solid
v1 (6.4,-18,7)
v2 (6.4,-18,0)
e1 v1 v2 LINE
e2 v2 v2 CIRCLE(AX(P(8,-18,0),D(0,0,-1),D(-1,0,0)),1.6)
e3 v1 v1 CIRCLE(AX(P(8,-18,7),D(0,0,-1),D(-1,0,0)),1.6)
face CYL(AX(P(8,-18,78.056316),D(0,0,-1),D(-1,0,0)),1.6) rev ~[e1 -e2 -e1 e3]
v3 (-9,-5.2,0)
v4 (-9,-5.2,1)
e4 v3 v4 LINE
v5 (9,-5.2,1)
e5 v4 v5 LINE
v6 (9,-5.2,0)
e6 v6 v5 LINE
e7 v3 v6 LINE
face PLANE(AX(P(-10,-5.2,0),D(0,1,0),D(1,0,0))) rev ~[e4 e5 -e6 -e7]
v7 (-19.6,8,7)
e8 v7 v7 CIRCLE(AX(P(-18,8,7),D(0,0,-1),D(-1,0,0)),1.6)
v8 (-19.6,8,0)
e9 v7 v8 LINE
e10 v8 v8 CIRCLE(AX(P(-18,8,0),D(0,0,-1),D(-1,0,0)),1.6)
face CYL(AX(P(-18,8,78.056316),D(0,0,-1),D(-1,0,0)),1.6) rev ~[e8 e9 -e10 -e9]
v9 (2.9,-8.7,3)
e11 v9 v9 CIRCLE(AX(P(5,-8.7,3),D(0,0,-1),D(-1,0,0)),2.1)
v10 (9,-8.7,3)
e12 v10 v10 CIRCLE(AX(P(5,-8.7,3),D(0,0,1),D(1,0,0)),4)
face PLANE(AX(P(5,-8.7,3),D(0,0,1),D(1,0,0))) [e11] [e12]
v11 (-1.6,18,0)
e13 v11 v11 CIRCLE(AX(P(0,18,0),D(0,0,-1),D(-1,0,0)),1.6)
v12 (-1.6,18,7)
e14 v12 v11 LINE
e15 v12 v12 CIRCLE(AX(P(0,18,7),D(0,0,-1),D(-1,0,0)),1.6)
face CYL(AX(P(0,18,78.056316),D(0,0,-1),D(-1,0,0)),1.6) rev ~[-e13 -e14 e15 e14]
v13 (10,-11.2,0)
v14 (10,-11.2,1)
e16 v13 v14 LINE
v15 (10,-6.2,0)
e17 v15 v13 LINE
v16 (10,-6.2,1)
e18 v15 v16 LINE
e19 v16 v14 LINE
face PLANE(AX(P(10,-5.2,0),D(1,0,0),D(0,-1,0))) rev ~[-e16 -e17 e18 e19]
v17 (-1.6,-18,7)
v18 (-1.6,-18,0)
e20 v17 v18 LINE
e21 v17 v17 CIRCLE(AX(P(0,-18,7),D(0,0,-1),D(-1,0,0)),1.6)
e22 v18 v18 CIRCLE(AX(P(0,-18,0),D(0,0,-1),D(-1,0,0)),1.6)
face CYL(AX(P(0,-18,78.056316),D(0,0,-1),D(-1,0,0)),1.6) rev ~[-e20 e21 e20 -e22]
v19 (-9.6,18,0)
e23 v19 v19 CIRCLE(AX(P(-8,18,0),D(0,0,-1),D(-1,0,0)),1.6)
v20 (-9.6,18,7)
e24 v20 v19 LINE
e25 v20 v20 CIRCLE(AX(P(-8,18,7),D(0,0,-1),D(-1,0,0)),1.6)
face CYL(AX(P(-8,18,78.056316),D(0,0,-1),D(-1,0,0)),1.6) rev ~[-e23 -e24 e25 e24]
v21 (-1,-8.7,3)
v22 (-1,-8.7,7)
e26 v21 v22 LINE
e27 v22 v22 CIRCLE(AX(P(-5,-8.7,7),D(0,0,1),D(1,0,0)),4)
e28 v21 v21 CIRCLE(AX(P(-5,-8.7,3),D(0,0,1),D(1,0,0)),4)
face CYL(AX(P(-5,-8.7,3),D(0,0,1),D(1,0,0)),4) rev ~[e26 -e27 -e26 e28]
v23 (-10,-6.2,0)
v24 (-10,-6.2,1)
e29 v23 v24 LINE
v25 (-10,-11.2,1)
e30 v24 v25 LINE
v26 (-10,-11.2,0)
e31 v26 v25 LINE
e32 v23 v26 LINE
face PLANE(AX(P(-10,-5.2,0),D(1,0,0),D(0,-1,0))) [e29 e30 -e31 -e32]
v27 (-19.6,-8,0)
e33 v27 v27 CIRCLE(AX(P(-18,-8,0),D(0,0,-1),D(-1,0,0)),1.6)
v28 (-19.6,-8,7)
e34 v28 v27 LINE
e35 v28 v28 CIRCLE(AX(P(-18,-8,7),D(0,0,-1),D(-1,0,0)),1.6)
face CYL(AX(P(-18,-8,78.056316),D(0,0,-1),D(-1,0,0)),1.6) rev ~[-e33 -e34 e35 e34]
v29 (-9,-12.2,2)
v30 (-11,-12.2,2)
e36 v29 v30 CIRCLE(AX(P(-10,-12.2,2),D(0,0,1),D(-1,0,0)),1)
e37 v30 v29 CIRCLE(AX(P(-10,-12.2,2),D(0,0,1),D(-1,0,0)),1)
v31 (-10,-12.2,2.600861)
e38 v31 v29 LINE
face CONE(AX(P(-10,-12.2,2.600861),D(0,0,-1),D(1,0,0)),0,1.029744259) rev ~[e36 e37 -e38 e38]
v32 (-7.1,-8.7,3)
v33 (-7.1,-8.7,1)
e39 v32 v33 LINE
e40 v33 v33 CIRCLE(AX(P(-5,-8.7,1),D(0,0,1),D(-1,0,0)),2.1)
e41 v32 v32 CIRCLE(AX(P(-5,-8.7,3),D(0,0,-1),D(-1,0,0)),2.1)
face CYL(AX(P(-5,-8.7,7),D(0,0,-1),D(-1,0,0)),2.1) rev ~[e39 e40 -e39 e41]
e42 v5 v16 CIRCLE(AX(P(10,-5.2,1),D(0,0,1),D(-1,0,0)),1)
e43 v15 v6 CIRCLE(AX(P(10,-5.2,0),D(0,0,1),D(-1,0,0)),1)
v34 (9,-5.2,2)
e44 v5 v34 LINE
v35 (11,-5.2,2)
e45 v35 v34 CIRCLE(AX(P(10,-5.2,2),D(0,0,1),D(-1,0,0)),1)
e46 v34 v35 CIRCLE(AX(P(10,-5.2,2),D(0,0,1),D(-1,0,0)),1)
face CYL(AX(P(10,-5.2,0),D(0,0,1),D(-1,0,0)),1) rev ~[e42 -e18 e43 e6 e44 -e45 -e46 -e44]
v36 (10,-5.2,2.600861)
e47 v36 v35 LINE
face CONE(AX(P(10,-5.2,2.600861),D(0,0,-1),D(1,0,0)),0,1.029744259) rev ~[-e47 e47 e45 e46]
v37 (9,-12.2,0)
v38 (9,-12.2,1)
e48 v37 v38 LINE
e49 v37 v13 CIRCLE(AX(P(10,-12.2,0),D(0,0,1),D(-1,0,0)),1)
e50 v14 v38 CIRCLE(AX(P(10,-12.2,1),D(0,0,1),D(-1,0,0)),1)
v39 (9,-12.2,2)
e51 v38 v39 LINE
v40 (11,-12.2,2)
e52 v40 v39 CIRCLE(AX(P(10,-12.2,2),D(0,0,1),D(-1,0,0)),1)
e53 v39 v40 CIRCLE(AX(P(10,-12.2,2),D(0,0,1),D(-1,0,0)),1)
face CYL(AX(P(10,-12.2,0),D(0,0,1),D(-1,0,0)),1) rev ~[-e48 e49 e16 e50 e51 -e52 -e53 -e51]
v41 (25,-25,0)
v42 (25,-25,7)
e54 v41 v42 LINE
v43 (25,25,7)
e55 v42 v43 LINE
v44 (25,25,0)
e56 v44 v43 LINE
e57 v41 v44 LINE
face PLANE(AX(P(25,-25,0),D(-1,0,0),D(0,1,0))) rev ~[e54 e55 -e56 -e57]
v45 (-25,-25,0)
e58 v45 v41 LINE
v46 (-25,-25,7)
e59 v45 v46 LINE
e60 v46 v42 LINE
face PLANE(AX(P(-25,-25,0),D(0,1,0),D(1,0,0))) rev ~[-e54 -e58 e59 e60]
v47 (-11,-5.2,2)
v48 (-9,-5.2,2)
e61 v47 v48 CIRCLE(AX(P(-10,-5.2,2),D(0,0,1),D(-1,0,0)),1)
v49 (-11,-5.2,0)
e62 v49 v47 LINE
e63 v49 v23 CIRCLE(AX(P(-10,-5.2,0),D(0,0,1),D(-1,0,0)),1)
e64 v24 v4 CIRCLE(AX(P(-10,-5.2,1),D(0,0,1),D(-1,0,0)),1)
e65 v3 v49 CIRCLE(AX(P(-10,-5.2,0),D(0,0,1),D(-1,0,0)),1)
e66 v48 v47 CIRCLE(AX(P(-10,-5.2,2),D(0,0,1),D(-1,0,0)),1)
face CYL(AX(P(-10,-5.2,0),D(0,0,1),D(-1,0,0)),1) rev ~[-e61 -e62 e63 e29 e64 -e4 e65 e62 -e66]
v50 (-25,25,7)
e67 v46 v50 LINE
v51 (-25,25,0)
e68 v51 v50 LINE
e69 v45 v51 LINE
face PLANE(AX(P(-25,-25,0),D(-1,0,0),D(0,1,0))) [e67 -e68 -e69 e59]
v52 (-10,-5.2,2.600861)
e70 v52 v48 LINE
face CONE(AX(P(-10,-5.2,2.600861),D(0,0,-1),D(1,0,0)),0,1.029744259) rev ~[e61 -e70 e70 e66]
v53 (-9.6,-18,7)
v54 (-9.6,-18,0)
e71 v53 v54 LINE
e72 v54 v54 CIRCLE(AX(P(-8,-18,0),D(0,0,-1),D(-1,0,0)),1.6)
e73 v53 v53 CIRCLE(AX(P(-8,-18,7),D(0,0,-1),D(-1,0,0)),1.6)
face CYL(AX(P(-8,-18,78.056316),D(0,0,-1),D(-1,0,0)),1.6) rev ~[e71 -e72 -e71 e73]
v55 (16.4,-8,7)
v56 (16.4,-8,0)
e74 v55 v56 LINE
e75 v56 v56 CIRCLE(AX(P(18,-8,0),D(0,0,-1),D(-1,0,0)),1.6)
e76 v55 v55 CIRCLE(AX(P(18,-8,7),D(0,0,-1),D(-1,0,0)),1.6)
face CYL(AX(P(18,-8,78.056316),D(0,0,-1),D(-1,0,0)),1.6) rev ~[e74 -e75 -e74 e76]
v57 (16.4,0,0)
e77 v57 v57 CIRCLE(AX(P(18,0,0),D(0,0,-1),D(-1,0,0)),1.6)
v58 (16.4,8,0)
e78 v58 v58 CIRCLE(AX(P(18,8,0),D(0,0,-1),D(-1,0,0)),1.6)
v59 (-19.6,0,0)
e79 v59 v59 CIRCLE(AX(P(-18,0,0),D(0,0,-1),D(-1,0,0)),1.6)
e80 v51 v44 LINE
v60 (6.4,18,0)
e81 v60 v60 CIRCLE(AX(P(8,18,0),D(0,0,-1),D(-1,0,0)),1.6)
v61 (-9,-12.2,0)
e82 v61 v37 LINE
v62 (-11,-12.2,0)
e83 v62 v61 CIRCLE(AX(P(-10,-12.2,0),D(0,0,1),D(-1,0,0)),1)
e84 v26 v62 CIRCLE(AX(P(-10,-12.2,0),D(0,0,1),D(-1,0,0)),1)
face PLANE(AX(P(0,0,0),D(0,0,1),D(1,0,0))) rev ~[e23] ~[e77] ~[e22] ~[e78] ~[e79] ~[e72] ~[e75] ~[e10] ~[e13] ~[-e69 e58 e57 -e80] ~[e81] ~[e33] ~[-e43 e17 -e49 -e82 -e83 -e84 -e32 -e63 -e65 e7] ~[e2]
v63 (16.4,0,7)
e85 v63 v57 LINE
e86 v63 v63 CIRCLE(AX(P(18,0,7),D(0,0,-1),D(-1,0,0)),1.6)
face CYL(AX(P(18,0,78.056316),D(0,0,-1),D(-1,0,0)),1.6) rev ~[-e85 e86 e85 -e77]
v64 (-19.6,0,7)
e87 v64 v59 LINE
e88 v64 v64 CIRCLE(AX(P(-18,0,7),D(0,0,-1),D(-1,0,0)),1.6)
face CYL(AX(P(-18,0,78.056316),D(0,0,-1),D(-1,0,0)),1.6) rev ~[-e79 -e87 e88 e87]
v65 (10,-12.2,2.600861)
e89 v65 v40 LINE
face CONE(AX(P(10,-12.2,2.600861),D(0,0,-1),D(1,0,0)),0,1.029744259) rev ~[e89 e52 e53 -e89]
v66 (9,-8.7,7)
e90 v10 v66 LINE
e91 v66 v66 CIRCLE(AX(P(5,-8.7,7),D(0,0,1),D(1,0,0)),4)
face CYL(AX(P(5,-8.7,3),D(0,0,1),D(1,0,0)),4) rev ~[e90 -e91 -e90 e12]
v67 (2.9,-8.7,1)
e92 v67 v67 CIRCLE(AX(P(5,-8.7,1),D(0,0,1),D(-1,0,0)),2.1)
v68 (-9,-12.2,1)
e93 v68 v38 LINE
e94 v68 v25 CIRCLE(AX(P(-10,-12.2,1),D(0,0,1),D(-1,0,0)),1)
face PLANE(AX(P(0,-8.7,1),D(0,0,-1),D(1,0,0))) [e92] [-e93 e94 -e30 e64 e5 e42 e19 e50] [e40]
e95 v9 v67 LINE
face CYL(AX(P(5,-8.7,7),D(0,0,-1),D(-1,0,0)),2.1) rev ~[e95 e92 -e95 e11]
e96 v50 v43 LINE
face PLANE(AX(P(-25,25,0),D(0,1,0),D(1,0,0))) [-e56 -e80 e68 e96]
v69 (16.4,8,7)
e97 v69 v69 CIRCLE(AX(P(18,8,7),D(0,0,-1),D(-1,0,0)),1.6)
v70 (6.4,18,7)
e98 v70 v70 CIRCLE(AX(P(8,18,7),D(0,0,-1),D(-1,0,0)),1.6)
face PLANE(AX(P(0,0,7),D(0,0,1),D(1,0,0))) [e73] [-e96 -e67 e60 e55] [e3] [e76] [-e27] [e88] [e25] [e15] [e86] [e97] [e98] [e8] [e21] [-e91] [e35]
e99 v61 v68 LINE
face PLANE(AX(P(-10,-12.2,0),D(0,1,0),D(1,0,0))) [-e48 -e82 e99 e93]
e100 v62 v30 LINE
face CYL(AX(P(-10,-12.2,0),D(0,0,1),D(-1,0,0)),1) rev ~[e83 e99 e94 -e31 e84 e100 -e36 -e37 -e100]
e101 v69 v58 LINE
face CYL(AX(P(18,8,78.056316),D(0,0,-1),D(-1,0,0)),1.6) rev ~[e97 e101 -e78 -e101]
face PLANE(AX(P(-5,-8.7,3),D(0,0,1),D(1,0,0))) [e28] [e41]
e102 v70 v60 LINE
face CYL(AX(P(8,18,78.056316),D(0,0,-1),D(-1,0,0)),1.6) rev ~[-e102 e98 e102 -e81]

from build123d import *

# Parameters (mm, degrees)
F0_W           = 50
F0_H           = 50
F1_DEPTH       = 7
F3_D           = 3.2
F4_D           = 4.2
F4_CBORE_D     = 8
F4_CBORE_DEPTH = 4
F5_W           = 20
F5_H           = 7
F5_R           = 2.1
F6_DEPTH       = 1
F7_D           = 2
F7_DEPTH       = 1
F7_START       = 1
F7_TIP         = 0.600860619


with BuildPart() as f1:
    # F0 (on Top) → F1 (new body)
    with BuildSketch(Plane.XY):
        Rectangle(F0_W, F0_H)
    extrude(amount=F1_DEPTH)

    # F3 (through all)
    with Locations(Plane.XY.offset(7)):
        with Locations((-18, 8), (-18, 0), (-18, -8), (-8, -18), (0, -18), (8, -18), (18, -8), (18, 0), (18, 8), (-8, 18), (0, 18), (8, 18)):
            Hole(F3_D / 2)

    # F4 (through all)
    with Locations(Plane.XY.offset(7)):
        with Locations((-5, -8.7), (5, -8.7)):
            CounterBoreHole(F4_D / 2, F4_CBORE_D / 2, F4_CBORE_DEPTH)

    # F5 (on face) → F6 (cut)
    with BuildSketch(Plane(origin=(0, 0, 0), x_dir=(1, 0, 0), z_dir=(0, 0, -1))):
        with Locations((0, 8.7)):
            Rectangle(F5_W, F5_H)
        with Locations((-5, 8.7)):
            Circle(F5_R, mode=Mode.SUBTRACT)
        with Locations((5, 8.7)):
            Circle(F5_R, mode=Mode.SUBTRACT)
    extrude(amount=-F6_DEPTH, mode=Mode.SUBTRACT)

    # F7
    # its depths count from where the whole tool has entered the part; down to there all is cleared
    with Locations(Plane(origin=(0, 0, 0), x_dir=(1, 0, 0), z_dir=(0, 0, -1)).offset(-F7_START)):
        with Locations((-10, 5.2), (-10, 12.2), (10, 12.2), (10, 5.2)):
            Hole(F7_D / 2, depth=F7_DEPTH)
            with Locations((0, 0, -(F7_DEPTH + F7_TIP / 2))):  # 118° drill point
                Cone(0, F7_D / 2, F7_TIP, mode=Mode.SUBTRACT)


solid = f1.part
